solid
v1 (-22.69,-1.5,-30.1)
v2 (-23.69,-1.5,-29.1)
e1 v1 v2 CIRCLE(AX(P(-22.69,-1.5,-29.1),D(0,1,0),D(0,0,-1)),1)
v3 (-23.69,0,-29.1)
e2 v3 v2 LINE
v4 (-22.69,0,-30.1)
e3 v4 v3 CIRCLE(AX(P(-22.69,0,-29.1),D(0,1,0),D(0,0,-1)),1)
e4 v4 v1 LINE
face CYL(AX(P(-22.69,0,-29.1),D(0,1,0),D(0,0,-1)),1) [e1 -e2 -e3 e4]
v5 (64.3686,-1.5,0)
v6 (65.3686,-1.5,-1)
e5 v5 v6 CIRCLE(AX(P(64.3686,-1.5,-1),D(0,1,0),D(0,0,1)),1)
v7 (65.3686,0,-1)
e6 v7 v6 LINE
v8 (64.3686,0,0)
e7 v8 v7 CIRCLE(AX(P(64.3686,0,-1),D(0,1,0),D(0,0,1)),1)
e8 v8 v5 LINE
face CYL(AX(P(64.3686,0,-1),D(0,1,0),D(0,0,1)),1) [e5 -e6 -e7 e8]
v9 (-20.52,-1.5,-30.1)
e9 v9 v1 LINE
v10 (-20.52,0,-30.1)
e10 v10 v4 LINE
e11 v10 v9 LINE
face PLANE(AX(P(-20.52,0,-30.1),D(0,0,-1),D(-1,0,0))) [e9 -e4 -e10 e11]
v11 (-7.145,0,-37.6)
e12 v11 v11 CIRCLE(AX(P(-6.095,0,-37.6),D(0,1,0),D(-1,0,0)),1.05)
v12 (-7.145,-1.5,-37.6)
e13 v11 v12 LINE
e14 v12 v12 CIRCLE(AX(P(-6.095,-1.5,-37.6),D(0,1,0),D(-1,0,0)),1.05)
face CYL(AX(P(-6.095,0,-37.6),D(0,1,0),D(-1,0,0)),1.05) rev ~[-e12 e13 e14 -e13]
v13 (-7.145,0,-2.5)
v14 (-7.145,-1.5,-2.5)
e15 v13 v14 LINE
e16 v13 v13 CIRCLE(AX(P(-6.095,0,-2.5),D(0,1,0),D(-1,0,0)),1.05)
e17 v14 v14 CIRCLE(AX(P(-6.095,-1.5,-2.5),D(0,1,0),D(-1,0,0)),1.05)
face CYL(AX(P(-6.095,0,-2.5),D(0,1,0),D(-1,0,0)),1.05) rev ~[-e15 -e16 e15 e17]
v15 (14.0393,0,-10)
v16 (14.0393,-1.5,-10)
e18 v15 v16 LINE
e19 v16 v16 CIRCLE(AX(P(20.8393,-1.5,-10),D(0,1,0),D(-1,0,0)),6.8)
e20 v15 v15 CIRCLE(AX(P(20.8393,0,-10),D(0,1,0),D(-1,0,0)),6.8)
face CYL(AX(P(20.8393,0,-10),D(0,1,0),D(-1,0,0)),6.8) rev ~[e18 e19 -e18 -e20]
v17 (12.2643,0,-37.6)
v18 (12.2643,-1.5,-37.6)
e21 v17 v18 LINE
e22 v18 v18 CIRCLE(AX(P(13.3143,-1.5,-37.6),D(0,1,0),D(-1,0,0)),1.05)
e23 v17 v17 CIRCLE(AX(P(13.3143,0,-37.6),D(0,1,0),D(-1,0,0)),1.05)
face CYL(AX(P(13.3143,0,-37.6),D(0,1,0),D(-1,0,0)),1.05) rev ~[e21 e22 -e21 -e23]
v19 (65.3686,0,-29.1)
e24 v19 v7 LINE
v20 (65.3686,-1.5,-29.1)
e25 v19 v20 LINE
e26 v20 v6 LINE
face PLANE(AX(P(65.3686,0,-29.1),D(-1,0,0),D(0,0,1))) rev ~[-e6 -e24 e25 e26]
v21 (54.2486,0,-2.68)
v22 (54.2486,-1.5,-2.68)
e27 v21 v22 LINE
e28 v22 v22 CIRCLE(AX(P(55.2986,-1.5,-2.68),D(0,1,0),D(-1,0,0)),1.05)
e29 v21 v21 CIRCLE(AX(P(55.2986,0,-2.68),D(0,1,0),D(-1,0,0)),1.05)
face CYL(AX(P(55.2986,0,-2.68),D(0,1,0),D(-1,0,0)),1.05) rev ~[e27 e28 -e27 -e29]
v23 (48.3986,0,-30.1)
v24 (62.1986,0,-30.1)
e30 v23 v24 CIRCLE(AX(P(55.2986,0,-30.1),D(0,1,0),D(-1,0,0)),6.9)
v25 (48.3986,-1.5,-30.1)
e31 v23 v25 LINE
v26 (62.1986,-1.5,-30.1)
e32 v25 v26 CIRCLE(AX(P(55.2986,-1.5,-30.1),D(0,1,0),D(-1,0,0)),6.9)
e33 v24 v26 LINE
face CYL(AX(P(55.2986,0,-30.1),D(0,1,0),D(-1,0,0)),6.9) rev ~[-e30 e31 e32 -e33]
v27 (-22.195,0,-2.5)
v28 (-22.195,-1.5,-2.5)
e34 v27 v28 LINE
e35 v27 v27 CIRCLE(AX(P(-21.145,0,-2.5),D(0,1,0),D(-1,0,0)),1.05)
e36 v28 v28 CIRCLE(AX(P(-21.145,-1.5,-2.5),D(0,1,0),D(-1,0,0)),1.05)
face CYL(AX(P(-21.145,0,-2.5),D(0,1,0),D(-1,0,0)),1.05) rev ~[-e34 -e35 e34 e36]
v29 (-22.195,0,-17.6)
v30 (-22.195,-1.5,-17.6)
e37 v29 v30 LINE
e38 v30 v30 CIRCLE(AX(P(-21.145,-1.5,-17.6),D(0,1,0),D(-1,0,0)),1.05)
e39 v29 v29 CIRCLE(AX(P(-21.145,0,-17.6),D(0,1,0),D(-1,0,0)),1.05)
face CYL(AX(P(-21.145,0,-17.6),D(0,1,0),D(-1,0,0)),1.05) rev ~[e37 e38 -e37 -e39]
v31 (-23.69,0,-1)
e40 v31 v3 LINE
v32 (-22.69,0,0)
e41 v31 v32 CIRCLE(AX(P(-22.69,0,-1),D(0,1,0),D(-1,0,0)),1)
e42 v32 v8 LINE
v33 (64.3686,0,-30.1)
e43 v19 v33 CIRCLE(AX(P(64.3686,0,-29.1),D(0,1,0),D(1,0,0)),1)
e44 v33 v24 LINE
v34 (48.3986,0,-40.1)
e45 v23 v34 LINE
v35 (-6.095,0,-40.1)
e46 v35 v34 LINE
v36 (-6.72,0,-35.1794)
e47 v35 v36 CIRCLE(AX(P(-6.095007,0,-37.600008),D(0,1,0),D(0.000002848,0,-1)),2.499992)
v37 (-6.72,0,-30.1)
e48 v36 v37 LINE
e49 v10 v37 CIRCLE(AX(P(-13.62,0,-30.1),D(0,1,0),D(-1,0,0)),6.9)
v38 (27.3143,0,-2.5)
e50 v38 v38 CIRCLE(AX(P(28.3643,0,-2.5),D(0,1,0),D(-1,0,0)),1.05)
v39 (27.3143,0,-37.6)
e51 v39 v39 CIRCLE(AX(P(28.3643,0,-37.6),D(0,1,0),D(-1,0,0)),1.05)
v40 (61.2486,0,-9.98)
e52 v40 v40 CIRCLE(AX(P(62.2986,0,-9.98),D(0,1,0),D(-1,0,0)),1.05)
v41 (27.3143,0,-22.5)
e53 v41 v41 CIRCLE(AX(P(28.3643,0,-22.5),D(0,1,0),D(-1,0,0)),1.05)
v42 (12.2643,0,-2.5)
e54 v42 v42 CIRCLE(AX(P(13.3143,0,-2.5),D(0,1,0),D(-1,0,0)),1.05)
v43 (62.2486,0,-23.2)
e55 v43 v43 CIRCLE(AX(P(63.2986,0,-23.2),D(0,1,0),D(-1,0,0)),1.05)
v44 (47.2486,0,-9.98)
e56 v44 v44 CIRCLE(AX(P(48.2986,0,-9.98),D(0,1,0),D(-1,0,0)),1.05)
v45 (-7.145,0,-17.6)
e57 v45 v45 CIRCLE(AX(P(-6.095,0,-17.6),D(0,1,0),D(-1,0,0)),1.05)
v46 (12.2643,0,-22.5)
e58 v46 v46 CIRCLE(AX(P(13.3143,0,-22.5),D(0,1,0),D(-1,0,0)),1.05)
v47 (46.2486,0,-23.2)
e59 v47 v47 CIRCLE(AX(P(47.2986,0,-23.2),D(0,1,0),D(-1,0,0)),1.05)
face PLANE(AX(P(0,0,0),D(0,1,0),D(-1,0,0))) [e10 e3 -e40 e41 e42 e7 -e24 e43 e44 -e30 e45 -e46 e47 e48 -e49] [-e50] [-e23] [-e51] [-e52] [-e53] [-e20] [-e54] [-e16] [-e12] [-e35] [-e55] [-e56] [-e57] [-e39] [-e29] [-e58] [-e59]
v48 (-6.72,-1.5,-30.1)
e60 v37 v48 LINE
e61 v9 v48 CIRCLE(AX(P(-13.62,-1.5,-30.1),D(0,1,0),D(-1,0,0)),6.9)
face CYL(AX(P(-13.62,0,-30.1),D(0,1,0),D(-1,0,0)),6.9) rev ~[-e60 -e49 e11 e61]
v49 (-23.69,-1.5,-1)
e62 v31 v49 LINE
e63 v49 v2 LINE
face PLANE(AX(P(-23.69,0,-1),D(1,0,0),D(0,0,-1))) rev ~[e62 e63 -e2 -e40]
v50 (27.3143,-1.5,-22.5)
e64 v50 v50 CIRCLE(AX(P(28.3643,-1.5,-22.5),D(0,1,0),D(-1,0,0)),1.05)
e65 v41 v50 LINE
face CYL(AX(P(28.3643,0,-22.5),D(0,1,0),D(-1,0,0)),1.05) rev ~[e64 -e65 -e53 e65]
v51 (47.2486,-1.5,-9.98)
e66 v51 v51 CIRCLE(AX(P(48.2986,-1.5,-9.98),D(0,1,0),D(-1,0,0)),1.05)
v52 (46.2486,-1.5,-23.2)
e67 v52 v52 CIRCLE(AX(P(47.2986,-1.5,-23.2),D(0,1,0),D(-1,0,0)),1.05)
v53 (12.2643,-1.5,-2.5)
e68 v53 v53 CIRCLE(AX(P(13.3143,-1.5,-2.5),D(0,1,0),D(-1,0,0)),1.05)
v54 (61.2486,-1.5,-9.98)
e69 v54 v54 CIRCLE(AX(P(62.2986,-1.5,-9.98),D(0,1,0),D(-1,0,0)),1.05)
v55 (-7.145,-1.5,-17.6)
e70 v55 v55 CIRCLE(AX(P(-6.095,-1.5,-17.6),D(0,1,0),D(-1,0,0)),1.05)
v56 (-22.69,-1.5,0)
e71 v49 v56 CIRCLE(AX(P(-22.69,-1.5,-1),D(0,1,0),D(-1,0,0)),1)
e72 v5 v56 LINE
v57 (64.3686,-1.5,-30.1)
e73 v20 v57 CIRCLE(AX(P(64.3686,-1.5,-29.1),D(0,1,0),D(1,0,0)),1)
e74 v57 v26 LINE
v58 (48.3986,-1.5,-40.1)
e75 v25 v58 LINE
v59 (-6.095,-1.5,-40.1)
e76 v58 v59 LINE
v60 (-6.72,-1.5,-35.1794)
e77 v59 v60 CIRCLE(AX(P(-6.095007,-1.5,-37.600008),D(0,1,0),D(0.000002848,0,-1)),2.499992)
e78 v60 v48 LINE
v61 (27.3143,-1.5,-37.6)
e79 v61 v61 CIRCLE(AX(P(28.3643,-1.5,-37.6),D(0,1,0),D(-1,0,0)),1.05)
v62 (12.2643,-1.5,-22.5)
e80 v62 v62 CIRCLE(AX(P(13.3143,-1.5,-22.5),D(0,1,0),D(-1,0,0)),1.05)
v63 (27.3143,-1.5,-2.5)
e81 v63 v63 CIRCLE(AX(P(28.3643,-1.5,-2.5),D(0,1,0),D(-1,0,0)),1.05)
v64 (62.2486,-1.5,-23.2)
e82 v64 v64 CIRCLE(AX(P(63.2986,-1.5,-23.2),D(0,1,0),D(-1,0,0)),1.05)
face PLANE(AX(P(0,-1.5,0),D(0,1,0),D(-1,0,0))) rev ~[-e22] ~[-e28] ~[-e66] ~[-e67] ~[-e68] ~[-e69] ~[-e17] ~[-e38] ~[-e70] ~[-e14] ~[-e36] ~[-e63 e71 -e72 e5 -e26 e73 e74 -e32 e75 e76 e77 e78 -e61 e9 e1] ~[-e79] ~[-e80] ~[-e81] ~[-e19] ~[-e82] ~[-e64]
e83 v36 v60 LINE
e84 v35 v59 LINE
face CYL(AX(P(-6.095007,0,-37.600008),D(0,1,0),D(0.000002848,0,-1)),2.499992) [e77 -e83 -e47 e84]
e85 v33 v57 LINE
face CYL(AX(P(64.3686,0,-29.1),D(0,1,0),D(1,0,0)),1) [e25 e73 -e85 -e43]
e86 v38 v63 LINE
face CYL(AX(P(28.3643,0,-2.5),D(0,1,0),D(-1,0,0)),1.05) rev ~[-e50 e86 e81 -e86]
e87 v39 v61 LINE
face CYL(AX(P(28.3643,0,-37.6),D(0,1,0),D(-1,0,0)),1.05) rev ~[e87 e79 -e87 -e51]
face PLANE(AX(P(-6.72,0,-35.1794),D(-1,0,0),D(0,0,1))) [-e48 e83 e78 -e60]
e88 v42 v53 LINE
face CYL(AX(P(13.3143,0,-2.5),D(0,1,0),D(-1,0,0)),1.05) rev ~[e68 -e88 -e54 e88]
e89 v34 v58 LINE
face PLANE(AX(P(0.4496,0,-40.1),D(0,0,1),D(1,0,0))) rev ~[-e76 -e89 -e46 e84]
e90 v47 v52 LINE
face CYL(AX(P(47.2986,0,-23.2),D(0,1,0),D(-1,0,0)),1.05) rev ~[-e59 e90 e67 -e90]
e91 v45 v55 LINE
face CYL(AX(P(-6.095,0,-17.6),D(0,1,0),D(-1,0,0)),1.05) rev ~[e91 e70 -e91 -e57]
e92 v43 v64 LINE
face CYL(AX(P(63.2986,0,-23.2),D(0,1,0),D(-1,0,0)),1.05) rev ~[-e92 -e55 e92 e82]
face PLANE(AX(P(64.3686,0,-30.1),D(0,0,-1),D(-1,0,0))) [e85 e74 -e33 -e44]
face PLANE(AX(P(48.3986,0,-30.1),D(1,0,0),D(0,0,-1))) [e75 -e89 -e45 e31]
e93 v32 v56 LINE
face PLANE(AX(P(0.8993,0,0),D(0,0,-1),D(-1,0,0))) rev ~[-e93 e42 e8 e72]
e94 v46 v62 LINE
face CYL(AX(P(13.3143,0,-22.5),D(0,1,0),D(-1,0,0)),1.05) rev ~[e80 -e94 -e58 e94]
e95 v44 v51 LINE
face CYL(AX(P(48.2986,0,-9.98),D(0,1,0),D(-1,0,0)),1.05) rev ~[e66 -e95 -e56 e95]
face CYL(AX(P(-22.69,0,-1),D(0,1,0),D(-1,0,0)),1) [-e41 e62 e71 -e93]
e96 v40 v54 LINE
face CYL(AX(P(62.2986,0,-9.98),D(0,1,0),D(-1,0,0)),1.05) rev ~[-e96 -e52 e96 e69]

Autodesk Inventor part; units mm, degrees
ref_plane "YZ Plane" through (0, 0, 0) normal (1, 0, 0) x (0, 1, 0)
ref_plane "XZ Plane" through (0, 0, 0) normal (0, 1, 0) x (-1, 0, 0)
ref_plane "XY Plane" through (0, 0, 0) normal (0, 0, 1) x (1, 0, 0)
sketch "Sketch1" plane through (0, 0, 0) normal (0, 1, 0) x (-1, 0, 0)
  line L0 (-0.4496, -40.1) -> (-0.4496, 0)
  line L1 (-41.2289, 0) -> (-41.2289, -40.1)
  circle A0 centre (6.095, -37.6) radius 1.05
  circle A1 centre (21.145, -17.6) radius 1.05
  circle A2 centre (6.095, -17.6) radius 1.05
  circle A3 centre (21.145, -2.5) radius 1.05
  circle A4 centre (6.095, -2.5) radius 1.05
  circle A5 centre (-28.3643, -37.6) radius 1.05
  circle A6 centre (-13.3143, -37.6) radius 1.05
  circle A7 centre (-28.3643, -22.5) radius 1.05
  circle A8 centre (-13.3143, -22.5) radius 1.05
  circle A9 centre (-28.3643, -2.5) radius 1.05
  circle A10 centre (-13.3143, -2.5) radius 1.05
  circle A11 centre (-20.8393, -10) radius 6.8
  circle A12 centre (-55.2986, -2.68) radius 1.05
  circle A13 centre (-62.2986, -9.98) radius 1.05
  circle A14 centre (-48.2986, -9.98) radius 1.05
  circle A15 centre (-63.2986, -23.2) radius 1.05
  circle A16 centre (-47.2986, -23.2) radius 1.05
  arc A17 (23.69, -1) -> (22.69, 0) centre (22.69, -1) ccw
  arc A18 (-64.3686, 0) -> (-65.3686, -1) centre (-64.3686, -1) ccw
  line L2 (-65.3686, -29.1) -> (-65.3686, -1)
  arc A19 (-65.3686, -29.1) -> (-64.3686, -30.1) centre (-64.3686, -29.1) ccw
  line L3 (-64.3686, -30.1) -> (-62.1986, -30.1)
  arc A20 (-48.3986, -30.1) -> (-62.1986, -30.1) centre (-55.2986, -30.1) ccw
  line L4 (-48.3986, -30.1) -> (-48.3986, -40.1)
  line L5 (6.095, -40.1) -> (-48.3986, -40.1)
  arc A21 (6.095, -40.1) -> (6.72, -35.1794) centre (6.095, -37.6) ccw
  line L6 (6.72, -35.1794) -> (6.72, -30.1)
  arc A22 (20.52, -30.1) -> (6.72, -30.1) centre (13.62, -30.1) ccw
  line L7 (20.52, -30.1) -> (22.69, -30.1)
  arc A23 (22.69, -30.1) -> (23.69, -29.1) centre (22.69, -29.1) ccw
  line L8 (23.69, -1) -> (23.69, -29.1)
  line L9 (-64.3686, 0) -> (22.69, 0)
  line L10 (-41.6786, -40.1) -> (-41.6786, 0)
  line L11 (-40.7793, 0) -> (-40.7793, -40.1)
  line L12 (-0.8993, -40.1) -> (-0.8993, 0)
  line L13 (0, 0) -> (0, -40.1)
  point P0 (0, 0)
extrude "Extrusion1" add sketch "Sketch1" against normal blind 1.5
properties part number "axis_3_top_frame"
